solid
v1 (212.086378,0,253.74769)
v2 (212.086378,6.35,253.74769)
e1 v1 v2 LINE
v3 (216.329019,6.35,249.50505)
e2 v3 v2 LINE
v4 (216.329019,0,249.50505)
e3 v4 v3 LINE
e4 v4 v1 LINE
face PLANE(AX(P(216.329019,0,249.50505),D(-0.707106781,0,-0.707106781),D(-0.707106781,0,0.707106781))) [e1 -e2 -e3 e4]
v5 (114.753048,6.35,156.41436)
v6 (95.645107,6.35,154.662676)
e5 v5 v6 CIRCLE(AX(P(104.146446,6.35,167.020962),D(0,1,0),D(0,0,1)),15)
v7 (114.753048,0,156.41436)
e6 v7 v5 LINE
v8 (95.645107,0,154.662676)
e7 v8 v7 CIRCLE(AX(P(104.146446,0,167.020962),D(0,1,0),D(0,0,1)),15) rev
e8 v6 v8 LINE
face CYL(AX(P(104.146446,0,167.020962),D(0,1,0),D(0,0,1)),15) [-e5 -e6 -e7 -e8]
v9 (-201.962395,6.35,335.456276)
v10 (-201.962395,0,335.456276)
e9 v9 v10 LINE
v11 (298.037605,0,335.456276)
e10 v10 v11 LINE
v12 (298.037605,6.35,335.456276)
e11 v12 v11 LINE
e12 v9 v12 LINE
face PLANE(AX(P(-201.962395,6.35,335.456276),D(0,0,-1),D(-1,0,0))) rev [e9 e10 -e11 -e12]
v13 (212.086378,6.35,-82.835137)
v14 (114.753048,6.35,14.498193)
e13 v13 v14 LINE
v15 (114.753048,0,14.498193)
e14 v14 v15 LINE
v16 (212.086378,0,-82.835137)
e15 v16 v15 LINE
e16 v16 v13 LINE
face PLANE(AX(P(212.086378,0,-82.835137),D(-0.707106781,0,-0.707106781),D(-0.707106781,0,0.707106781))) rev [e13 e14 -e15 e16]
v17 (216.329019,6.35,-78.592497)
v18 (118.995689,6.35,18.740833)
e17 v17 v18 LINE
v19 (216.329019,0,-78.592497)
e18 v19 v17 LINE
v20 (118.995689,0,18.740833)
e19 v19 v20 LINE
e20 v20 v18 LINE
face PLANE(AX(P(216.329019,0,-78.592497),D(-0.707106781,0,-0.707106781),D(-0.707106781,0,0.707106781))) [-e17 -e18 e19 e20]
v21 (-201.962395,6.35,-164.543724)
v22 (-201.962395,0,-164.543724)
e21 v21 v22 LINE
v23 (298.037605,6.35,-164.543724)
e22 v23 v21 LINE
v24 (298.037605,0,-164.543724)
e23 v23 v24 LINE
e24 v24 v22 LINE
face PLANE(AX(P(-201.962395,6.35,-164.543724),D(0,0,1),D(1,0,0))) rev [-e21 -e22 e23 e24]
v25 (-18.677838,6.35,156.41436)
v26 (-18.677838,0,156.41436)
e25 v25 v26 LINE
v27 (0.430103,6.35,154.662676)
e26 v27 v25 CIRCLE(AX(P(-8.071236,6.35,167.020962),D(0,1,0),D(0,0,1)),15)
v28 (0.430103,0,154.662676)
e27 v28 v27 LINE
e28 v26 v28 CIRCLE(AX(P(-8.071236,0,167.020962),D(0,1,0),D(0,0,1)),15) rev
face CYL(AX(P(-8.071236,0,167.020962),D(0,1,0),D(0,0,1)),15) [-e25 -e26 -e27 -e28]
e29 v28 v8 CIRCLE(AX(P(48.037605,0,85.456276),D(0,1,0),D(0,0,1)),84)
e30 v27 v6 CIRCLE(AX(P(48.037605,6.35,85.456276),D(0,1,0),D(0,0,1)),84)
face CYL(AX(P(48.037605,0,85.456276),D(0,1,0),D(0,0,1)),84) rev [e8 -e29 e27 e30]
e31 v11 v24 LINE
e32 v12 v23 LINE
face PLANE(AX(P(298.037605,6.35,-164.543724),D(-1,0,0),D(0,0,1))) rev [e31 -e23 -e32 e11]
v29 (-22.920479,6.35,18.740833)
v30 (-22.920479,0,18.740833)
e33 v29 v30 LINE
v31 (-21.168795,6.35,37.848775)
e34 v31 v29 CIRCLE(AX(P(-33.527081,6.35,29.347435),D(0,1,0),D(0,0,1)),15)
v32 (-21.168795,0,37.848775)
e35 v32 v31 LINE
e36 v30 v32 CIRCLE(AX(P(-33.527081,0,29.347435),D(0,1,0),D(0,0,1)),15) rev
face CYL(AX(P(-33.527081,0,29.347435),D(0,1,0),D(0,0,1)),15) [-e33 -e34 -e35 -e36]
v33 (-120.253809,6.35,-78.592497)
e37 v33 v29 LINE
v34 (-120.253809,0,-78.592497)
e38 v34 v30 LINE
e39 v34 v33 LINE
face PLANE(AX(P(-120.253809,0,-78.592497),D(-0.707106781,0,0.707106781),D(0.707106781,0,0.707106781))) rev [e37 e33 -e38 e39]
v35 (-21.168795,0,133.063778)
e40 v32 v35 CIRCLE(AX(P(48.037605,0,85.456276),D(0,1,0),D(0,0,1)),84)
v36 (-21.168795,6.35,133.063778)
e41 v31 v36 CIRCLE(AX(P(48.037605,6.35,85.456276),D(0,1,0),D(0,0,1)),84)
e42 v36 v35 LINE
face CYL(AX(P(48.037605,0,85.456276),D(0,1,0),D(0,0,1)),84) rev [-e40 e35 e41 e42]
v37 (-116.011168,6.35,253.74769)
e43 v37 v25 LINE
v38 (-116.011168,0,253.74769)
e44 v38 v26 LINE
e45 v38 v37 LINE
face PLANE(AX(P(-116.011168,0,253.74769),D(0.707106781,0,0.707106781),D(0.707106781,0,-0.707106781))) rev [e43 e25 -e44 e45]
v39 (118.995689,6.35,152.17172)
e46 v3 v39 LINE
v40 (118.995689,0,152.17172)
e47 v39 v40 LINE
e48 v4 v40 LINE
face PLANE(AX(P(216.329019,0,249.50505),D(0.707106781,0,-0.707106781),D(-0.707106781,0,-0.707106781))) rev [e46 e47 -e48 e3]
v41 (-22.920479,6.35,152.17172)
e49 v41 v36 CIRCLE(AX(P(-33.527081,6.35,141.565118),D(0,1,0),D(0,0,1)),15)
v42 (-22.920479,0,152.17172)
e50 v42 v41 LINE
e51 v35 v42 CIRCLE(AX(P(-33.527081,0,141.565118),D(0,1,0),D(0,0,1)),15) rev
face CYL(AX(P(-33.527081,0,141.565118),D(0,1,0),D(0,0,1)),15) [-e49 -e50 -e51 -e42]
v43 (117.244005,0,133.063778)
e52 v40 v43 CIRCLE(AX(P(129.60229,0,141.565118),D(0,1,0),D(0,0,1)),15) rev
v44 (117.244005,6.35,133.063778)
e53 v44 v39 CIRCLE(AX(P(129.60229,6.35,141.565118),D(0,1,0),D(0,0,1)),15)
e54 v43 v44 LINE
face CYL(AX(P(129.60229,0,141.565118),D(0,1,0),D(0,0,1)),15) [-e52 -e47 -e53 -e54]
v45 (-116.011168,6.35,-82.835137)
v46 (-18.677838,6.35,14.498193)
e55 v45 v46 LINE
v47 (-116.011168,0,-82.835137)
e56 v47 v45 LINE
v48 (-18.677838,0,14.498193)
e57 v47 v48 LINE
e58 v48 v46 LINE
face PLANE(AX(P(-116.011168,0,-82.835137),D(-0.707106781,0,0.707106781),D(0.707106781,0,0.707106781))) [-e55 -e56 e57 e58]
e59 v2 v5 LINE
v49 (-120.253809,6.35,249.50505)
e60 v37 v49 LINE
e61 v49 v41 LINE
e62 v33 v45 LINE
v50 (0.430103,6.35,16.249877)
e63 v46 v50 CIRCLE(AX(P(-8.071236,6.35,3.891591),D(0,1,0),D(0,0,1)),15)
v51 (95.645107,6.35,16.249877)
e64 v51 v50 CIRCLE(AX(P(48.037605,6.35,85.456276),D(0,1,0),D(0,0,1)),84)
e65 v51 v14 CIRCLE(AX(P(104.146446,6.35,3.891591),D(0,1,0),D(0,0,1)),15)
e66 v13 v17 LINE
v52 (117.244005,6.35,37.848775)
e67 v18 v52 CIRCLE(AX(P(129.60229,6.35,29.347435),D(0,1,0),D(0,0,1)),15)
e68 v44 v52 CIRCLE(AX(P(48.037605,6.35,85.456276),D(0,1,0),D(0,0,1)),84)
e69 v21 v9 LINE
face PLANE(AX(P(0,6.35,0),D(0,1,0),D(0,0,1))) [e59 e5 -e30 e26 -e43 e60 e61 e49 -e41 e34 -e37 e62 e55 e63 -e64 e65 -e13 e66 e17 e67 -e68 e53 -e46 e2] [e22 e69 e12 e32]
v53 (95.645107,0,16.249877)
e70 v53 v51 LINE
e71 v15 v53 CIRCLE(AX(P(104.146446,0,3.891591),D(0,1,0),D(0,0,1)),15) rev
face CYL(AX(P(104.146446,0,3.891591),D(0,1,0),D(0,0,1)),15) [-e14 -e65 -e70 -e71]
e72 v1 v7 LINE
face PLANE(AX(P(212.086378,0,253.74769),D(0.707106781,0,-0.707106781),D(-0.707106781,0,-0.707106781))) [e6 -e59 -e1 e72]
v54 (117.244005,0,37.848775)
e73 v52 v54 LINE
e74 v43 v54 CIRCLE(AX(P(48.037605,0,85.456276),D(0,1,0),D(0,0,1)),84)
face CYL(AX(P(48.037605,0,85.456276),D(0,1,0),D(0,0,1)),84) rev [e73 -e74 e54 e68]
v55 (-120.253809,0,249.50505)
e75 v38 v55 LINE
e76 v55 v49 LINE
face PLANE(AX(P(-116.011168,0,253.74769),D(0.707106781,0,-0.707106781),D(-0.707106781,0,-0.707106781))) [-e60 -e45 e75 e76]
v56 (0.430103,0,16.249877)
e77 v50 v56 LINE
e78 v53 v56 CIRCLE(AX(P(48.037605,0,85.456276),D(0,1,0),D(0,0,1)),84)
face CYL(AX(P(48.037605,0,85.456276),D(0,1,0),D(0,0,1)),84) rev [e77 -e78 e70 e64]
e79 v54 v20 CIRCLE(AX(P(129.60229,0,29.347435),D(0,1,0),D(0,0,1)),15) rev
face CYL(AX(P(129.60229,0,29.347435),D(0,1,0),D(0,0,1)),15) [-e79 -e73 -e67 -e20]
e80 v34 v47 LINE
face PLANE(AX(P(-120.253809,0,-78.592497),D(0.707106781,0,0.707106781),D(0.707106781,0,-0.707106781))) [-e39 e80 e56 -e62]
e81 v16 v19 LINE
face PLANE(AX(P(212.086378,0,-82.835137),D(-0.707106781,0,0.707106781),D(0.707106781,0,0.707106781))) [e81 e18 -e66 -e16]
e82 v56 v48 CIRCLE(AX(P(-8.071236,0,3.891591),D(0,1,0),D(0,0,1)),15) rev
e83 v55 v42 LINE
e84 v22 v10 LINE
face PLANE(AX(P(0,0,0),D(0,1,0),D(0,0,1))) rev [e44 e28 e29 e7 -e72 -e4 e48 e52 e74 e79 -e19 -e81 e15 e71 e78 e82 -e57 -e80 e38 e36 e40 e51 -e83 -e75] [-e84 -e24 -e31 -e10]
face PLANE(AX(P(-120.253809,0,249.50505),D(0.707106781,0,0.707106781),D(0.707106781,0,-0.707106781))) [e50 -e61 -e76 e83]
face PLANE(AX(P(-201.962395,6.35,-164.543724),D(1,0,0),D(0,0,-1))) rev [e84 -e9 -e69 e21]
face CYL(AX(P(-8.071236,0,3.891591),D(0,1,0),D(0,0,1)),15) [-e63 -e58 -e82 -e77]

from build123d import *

# Parameters (mm, degrees)
SKETCH1_W           = 500
SKETCH1_H           = 500
BOSS_EXTRUDE1_DEPTH = 6.35
SKETCH2_R           = 84
CUT_EXTRUDE1_DEPTH  = 6.35
CUT_EXTRUDE3_DEPTH  = 6.35
FILLET1_R           = 15


with BuildPart() as part:
    # Sketch1 → Boss-Extrude1 (new body)
    with BuildSketch(Plane(origin=(0, 0, 0), x_dir=(1, 0, 0), z_dir=(0, 1, 0))):
        with Locations((48.037604912, -85.456276451)):
            Rectangle(SKETCH1_W, SKETCH1_H)
    extrude(amount=BOSS_EXTRUDE1_DEPTH)

    # Sketch2 → Cut-Extrude1 (cut)
    with BuildSketch(Plane(origin=(0, 6.35, 0), x_dir=(1, 0, 0), z_dir=(0, 1, 0))):
        with Locations((48.037604912, -85.456276451)):
            Circle(SKETCH2_R)
    extrude(amount=-CUT_EXTRUDE1_DEPTH, mode=Mode.SUBTRACT)

    # Sketch3 → Cut-Extrude3 (cut)
    with BuildSketch(Plane(origin=(0, 6.35, 0), x_dir=(1, 0, 0), z_dir=(0, 1, 0))):
        Polygon((216.329018834, 78.592496784), (103.191933845, -34.544588206), (98.949293158, -30.301947519), (212.086378147, 82.835137471), align=None)
        Polygon((-120.25380901, 78.592496784), (-116.011168323, 82.835137471), (-2.874083333, -30.301947519), (-7.11672402, -34.544588206), align=None)
        Polygon((212.086378147, -253.747690374), (98.949293158, -140.610605384), (103.191933845, -136.367964697), (216.329018835, -249.505049687), align=None)
        Polygon((-120.25380901, -249.505049687), (-7.11672402, -136.367964697), (-2.874083333, -140.610605384), (-116.011168323, -253.747690374), align=None)
    extrude(amount=-CUT_EXTRUDE3_DEPTH, mode=Mode.SUBTRACT)

    # Fillet1
    fillet1_edges = [part.edges().sort_by_distance(p)[0] for p in [
        (105.275361381, 3.175, 23.975879296),
        (109.518002068, 3.175, 28.218519983),
        (109.518002068, 3.175, 142.69403292),
        (105.275361381, 3.175, 146.936673607),
        (-13.442792244, 3.175, 142.69403292),
        (-9.200151557, 3.175, 146.936673607),
        (-13.442792244, 3.175, 28.218519983),
        (-9.200151557, 3.175, 23.975879296),
    ]]
    fillet(fillet1_edges, radius=FILLET1_R)


solid = part.part
